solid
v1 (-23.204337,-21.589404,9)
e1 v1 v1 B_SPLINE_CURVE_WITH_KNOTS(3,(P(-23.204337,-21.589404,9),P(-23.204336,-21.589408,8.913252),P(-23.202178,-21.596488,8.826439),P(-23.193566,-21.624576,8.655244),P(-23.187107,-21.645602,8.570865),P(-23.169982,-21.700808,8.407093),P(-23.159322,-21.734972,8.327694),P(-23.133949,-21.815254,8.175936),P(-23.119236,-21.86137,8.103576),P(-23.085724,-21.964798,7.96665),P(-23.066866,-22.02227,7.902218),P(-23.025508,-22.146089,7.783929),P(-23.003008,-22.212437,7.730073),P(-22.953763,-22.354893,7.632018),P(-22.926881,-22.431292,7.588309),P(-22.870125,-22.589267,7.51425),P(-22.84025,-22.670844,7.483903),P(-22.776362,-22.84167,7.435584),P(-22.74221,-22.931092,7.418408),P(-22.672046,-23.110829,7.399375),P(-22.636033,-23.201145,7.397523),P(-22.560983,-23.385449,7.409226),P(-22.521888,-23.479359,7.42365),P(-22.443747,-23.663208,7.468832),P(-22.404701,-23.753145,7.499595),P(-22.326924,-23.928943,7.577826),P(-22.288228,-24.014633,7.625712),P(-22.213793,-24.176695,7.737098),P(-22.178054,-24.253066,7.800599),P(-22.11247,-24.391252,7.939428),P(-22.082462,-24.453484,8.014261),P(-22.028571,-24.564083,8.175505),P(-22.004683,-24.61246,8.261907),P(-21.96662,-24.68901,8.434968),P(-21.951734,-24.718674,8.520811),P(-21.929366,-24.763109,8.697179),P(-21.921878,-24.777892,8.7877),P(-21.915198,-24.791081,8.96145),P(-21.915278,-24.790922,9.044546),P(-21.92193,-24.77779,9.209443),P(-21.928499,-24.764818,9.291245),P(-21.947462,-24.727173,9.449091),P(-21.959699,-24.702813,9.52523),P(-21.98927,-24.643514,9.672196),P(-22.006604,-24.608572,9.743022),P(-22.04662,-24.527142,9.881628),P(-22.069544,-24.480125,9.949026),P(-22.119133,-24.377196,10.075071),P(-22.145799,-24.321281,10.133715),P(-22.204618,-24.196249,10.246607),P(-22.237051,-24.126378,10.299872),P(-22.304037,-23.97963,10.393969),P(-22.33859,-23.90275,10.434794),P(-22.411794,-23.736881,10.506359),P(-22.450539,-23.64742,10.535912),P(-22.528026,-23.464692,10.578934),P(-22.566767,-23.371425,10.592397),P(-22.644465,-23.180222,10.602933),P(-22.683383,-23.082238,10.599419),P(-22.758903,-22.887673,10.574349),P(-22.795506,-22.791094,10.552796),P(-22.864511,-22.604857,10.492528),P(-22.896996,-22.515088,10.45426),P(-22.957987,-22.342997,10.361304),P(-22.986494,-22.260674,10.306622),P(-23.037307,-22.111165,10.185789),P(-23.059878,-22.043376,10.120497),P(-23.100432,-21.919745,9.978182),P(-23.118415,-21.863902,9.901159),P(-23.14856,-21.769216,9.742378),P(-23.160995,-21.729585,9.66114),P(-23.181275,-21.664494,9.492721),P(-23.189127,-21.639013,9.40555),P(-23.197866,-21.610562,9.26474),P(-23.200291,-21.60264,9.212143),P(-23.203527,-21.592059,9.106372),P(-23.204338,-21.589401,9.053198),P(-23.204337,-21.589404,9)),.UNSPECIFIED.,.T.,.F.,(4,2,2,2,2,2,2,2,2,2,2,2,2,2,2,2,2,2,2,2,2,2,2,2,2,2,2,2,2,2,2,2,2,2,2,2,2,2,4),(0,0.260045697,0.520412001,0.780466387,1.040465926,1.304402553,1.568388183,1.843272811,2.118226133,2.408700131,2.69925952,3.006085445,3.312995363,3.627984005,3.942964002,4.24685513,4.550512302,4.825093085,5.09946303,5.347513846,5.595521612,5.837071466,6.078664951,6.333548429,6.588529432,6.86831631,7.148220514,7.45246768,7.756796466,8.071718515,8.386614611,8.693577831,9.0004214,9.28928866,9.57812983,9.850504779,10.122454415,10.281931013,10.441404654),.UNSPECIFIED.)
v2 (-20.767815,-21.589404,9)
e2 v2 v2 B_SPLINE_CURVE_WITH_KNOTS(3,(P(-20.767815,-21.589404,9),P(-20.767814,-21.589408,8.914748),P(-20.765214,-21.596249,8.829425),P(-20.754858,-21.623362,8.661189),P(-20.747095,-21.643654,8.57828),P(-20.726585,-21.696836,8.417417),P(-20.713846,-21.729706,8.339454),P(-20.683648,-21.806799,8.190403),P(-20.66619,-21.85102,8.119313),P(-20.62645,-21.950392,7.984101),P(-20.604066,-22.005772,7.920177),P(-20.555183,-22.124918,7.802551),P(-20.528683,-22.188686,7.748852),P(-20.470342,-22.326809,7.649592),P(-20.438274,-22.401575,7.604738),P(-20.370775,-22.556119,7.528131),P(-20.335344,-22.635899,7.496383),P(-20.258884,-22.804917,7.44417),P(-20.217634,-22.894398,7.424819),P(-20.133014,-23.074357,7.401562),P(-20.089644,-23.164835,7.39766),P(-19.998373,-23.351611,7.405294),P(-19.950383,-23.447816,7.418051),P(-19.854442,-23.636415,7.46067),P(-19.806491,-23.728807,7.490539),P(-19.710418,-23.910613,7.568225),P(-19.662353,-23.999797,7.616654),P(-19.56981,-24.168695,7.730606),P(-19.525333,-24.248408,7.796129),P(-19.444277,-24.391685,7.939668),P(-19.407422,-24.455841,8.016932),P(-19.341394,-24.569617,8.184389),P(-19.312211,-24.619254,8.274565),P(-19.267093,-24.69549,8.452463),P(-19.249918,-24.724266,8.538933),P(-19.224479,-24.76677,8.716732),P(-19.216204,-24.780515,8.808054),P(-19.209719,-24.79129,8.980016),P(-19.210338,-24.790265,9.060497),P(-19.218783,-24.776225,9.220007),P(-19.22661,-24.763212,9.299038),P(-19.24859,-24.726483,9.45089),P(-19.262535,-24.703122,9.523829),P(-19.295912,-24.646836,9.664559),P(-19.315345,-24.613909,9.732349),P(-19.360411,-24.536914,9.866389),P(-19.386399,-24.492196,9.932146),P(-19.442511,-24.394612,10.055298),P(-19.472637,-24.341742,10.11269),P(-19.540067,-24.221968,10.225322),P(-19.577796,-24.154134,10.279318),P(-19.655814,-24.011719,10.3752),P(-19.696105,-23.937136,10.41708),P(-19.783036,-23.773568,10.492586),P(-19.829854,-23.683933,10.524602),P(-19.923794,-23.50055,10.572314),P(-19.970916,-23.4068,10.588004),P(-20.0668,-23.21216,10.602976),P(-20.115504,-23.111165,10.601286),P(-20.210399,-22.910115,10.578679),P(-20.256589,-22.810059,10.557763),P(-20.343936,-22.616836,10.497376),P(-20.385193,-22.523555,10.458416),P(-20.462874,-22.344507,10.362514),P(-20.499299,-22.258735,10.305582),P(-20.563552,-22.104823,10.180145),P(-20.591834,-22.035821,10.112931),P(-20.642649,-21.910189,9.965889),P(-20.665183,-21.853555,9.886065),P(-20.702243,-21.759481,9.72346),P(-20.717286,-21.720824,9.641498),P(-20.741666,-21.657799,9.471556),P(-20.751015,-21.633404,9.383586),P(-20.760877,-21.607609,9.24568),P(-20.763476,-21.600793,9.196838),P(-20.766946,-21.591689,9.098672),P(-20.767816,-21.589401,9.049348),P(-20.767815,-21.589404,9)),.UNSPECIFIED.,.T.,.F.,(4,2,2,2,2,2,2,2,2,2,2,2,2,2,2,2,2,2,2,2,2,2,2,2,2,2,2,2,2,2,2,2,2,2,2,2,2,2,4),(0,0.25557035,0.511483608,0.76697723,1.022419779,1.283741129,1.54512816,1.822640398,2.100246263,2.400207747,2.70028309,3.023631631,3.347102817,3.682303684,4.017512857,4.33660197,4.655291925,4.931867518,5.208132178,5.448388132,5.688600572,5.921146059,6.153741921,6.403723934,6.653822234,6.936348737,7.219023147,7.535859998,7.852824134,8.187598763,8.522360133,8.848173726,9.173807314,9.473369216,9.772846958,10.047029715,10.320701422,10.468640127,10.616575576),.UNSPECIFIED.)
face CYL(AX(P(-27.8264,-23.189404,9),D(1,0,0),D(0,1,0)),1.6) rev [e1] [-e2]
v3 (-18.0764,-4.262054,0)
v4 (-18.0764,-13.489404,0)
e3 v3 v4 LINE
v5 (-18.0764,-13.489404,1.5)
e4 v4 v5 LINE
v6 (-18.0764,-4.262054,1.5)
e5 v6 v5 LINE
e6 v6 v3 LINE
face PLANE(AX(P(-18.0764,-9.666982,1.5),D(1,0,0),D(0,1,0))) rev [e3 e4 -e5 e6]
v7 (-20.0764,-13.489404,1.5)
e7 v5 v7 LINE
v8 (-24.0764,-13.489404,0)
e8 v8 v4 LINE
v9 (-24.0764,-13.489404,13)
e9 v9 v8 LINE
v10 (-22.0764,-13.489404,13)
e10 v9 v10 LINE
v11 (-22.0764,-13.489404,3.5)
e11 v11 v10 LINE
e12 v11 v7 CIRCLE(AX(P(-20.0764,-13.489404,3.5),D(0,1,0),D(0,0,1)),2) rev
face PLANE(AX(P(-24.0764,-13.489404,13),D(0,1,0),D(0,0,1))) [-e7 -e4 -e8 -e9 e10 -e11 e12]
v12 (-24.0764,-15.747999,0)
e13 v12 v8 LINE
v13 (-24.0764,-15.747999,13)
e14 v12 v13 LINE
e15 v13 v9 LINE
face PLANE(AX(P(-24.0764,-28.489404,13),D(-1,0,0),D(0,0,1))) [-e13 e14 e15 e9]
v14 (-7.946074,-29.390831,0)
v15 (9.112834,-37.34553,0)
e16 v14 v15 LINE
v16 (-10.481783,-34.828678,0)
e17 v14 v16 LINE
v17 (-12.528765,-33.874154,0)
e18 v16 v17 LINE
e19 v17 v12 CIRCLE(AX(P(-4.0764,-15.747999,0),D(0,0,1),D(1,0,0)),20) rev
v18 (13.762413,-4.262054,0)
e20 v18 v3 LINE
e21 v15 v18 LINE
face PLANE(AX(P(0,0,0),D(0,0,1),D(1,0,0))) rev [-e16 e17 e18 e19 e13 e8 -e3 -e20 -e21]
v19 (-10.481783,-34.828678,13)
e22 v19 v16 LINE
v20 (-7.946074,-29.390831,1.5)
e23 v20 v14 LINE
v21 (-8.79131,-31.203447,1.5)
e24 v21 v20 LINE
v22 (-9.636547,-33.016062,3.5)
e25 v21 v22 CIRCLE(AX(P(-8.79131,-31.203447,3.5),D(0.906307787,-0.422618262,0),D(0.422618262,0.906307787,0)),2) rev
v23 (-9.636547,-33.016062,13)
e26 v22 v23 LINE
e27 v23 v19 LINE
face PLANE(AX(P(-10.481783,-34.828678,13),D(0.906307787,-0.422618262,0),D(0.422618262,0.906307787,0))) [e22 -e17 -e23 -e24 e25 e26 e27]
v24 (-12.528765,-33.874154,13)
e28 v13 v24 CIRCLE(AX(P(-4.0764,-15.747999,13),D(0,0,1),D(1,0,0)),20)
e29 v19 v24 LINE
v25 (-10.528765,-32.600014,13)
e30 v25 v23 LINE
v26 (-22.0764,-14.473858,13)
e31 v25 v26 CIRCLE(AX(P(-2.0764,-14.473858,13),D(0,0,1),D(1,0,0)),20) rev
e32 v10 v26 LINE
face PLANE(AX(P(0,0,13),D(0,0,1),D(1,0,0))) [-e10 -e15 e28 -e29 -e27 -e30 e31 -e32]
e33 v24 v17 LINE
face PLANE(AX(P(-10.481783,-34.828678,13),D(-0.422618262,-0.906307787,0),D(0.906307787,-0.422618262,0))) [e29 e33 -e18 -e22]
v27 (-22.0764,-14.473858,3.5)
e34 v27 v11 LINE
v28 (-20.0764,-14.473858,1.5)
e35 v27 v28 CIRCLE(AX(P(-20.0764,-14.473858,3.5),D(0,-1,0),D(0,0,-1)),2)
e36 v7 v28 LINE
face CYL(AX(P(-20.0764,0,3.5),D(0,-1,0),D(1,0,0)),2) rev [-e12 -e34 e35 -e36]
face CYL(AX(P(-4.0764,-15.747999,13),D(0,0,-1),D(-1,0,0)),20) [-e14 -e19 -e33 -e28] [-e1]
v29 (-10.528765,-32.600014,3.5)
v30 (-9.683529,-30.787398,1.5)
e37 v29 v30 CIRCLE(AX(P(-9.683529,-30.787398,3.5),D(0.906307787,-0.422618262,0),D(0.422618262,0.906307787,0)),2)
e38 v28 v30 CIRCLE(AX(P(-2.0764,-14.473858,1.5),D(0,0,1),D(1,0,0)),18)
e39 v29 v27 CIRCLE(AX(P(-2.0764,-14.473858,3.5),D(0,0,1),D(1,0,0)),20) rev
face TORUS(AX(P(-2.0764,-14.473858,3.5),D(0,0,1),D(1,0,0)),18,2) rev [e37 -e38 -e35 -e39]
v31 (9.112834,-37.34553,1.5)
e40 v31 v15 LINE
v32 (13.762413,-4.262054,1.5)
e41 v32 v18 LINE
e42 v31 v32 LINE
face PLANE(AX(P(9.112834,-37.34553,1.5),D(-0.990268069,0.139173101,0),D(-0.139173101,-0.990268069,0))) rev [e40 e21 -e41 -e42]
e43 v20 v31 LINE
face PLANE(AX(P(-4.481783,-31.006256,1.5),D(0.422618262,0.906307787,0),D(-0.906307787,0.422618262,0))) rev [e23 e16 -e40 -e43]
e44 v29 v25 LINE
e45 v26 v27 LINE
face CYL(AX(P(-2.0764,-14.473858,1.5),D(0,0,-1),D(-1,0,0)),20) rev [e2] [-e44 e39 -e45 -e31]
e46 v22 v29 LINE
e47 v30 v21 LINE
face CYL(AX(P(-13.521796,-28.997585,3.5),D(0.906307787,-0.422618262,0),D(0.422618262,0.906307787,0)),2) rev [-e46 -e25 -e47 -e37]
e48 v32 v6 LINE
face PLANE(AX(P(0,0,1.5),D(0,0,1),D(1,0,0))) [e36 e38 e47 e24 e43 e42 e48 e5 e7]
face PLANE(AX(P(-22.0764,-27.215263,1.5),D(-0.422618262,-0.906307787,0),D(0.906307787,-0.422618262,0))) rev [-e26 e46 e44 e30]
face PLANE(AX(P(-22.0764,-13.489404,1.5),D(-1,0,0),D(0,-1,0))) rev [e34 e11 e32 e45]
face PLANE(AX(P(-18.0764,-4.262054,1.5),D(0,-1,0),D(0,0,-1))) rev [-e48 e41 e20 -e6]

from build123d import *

# Parameters (mm, degrees)
BOSS_EXTRUDE1_DEPTH = 1.5
BOSS_EXTRUDE2_DEPTH = 13
CUT_EXTRUDE3_DEPTH  = 11.5
FILLET7_R           = 20
FILLET8_R           = 2
SKETCH5_R           = 1.6
CUT_EXTRUDE4_DEPTH  = 5.75


with BuildPart() as part:
    # Sketch1 → Boss-Extrude1 (new body)
    with BuildSketch(Plane.XY):
        Polygon((-4.481783153, -31.006256204), (9.112833652, -37.34553013), (13.762412955, -4.262054337), (-18.076399959, -4.262054337), (-18.076399959, -9.666982278), (-18.076399959, -24.666982278), align=None)
    extrude(amount=BOSS_EXTRUDE1_DEPTH)

    # Sketch2 → Boss-Extrude2 (add)
    with BuildSketch(Plane(origin=(0, 0, 0), x_dir=(-1, 0, 0), z_dir=(0, 0, -1))):
        Polygon((24.076399959, -28.489403843), (24.076399959, -13.489403843), (17.076399959, -13.489403843), (17.076399959, -24.029912017), (7.523455321, -28.48452326), (10.481783153, -34.828677769), align=None)
    extrude(amount=-BOSS_EXTRUDE2_DEPTH)

    # Sketch4 → Cut-Extrude3 (cut)
    with BuildSketch(Plane.XY.offset(13)):
        Polygon((-17.076399959, -13.489403843), (-22.076399959, -13.489403843), (-22.076399959, -27.215263321), (-9.63654663, -33.016062195), (-7.523455321, -28.48452326), (-17.076399959, -24.029912017), align=None)
    extrude(amount=-CUT_EXTRUDE3_DEPTH, mode=Mode.SUBTRACT)

    # Fillet7
    fillet7_edges = [part.edges().sort_by_distance(p)[0] for p in [
        (-24.076399959, -28.489403843, 6.5),
        (-22.076399959, -27.215263321, 7.25),
    ]]
    fillet(fillet7_edges, radius=FILLET7_R)

    # Fillet8
    fillet8_edges = [part.edges().sort_by_distance(p)[0] for p in [
        (-22.076399959, -13.981630974, 1.5),
        (-10.082655912, -32.808038021, 1.5),
        (-18.944228875, -25.219850272, 1.5),
    ]]
    fillet(fillet8_edges, radius=FILLET8_R)

    # Sketch5 → Cut-Extrude4 (cut, symmetric)
    with BuildSketch(Plane(origin=(-22.076399959, 0, 0), x_dir=(0, 0, -1), z_dir=(1, 0, 0))):
        with Locations(Location((-9, -23.189403843, 0), (0, 0, 90))):
            Circle(SKETCH5_R)
    extrude(amount=CUT_EXTRUDE4_DEPTH, both=True, mode=Mode.SUBTRACT)


solid = part.part
